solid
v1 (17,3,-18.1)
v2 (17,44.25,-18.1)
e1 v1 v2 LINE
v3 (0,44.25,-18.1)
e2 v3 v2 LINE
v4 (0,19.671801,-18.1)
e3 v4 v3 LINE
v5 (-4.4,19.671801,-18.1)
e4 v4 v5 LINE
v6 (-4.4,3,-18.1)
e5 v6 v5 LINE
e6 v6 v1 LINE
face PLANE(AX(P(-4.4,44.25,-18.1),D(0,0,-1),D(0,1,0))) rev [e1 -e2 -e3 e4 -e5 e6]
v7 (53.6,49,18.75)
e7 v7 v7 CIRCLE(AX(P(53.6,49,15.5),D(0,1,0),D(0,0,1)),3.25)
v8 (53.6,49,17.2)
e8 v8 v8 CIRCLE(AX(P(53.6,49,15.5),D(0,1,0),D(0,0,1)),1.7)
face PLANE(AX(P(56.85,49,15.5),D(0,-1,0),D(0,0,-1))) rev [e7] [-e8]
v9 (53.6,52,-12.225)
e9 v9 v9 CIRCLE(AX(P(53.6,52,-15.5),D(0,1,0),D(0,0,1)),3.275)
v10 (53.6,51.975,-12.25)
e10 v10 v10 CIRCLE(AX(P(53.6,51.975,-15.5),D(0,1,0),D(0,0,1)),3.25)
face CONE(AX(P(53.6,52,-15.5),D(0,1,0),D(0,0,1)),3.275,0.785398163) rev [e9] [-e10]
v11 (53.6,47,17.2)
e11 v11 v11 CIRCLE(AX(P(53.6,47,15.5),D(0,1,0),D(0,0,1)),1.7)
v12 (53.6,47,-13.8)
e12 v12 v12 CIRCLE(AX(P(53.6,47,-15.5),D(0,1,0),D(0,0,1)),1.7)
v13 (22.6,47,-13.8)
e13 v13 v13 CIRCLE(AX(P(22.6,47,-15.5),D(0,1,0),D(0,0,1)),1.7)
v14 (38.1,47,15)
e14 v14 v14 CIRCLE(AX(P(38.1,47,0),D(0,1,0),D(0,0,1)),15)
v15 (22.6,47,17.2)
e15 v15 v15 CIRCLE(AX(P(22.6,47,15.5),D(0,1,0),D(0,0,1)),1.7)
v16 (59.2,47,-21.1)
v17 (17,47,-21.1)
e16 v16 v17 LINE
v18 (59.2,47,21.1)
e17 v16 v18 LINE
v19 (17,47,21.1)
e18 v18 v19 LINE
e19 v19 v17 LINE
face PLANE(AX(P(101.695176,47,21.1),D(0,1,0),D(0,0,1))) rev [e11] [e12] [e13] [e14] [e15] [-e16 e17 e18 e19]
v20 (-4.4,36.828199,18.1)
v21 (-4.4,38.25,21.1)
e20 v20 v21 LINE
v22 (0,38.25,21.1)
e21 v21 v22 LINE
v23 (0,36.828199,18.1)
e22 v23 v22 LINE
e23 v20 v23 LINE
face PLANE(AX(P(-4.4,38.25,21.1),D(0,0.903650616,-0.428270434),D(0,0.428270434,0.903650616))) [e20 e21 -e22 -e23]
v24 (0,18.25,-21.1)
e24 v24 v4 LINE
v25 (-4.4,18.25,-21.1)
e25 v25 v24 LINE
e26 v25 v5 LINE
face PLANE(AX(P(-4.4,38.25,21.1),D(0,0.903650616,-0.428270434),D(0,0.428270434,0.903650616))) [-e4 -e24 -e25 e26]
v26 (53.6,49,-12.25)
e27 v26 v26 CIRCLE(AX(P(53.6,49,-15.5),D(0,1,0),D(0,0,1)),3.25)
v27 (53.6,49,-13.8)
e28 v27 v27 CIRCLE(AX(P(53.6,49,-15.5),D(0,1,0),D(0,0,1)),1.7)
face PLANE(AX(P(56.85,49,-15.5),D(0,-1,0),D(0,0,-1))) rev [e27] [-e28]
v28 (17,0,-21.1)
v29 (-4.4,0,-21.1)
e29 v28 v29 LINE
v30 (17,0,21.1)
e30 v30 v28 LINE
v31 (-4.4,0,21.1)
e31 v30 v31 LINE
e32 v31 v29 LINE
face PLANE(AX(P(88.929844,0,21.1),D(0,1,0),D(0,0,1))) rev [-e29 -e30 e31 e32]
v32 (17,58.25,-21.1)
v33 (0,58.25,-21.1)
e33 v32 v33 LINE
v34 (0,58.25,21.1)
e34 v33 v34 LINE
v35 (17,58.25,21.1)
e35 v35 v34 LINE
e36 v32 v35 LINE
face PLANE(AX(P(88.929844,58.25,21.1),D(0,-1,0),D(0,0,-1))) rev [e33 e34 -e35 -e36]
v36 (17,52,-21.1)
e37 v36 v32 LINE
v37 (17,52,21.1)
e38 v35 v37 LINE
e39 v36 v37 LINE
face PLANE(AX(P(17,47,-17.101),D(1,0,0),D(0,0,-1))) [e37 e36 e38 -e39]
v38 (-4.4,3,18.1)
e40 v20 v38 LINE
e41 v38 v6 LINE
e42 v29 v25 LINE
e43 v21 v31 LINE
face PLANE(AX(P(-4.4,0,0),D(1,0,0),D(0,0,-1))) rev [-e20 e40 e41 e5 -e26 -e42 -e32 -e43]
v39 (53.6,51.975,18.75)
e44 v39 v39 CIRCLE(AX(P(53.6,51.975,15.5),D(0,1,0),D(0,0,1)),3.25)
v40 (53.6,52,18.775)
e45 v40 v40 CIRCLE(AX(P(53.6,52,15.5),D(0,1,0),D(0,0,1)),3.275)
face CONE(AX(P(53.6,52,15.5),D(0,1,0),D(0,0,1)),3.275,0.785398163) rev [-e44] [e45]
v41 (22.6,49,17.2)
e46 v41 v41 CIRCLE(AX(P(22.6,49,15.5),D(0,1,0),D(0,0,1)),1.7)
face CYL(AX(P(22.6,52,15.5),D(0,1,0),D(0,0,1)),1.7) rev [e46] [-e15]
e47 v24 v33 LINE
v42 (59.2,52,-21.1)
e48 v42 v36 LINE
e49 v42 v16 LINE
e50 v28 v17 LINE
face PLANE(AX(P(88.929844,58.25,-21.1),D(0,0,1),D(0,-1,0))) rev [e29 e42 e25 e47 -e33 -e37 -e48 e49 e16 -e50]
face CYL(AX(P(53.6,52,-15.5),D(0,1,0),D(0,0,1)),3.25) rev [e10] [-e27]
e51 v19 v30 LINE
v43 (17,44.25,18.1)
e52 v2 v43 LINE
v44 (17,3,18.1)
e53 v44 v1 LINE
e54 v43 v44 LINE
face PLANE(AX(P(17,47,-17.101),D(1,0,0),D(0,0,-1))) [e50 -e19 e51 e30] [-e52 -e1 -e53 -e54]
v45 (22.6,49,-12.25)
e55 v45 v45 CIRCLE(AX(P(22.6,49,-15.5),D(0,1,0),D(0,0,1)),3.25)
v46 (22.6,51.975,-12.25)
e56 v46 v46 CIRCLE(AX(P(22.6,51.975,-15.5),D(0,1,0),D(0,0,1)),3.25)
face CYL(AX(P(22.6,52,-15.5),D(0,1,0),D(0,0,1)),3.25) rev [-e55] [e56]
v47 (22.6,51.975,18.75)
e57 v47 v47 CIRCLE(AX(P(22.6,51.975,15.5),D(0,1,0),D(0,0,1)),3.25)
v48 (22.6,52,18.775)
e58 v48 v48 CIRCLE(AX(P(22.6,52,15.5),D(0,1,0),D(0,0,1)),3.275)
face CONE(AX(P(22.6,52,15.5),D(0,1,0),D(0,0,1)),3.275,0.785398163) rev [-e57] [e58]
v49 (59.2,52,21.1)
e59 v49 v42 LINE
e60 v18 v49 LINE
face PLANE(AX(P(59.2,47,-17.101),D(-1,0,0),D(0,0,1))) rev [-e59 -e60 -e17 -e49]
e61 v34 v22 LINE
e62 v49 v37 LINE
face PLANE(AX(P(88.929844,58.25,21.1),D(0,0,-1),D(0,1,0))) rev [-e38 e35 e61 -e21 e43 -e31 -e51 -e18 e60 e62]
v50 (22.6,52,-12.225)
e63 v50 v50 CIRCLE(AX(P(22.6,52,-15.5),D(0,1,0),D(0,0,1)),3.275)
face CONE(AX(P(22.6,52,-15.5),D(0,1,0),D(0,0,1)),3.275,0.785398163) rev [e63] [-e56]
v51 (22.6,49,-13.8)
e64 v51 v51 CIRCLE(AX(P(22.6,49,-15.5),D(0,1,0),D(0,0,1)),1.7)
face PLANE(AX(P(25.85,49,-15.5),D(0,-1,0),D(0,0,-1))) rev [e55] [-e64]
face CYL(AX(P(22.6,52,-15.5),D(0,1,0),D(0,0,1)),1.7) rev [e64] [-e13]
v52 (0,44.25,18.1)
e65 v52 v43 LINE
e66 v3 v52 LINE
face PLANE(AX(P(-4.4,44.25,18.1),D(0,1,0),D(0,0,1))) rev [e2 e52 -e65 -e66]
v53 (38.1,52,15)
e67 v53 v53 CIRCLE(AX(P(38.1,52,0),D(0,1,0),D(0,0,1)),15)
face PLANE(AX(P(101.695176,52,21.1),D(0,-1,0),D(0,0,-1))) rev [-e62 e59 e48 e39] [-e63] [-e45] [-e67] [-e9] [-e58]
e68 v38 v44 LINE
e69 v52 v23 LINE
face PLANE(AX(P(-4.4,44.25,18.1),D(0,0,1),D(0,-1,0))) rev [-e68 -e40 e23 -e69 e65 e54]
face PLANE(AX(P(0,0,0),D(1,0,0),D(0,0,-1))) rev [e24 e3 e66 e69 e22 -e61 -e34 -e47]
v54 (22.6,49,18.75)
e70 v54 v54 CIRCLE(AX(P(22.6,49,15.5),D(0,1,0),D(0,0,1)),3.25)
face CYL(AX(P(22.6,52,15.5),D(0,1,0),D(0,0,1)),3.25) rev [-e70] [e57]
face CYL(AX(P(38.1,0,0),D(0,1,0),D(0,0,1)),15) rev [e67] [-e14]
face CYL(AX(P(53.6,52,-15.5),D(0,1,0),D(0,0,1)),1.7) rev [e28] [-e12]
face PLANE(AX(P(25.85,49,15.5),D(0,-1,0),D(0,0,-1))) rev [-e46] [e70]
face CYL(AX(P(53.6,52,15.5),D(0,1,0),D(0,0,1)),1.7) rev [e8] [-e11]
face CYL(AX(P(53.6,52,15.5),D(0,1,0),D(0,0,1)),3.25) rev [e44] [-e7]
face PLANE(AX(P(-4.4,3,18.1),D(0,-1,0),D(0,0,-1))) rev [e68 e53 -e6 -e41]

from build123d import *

# Parameters (mm, degrees)
SKETCH1_W                     = 42.2
SKETCH1_H                     = 58.25
BOSS_EXTRUDE1_DEPTH           = 17
SKETCH2_W                     = 42.2
SKETCH2_H                     = 5
BOSS_EXTRUDE2_DEPTH           = 42.2
CBORE_FOR_M3_SHCS1_AT_2_COUNT = 2
CBORE_FOR_M3_SHCS1_AT_2_PITCH = 31
CBORE_FOR_M3_SHCS1_AT_3_COUNT = 2
CBORE_FOR_M3_SHCS1_AT_3_PITCH = 43.840620434
CBORE_FOR_M3_SHCS1_AT_4_COUNT = 2
CBORE_FOR_M3_SHCS1_AT_4_PITCH = 31
SKETCH5_R                     = 15
CUT_EXTRUDE1_DEPTH            = 53
BOSS_EXTRUDE3_DEPTH           = 4.4
SKETCH7_W                     = 36.2
SKETCH7_H                     = 41.25
CUT_EXTRUDE2_DEPTH            = 22.4


with BuildPart() as part:
    # Sketch1 → Boss-Extrude1 (new body)
    with BuildSketch(Plane(origin=(0, 0, 0), x_dir=(0, 0, -1), z_dir=(1, 0, 0))):
        with Locations((0, 29.125)):
            Rectangle(SKETCH1_W, SKETCH1_H)
    extrude(amount=BOSS_EXTRUDE1_DEPTH)

    # Sketch2 → Boss-Extrude2 (add)
    with BuildSketch(Plane(origin=(17, 0, 0), x_dir=(0, 0, -1), z_dir=(1, 0, 0))):
        with Locations((0, 49.5)):
            Rectangle(SKETCH2_W, SKETCH2_H)
    extrude(amount=BOSS_EXTRUDE2_DEPTH)

    # Sketch4 → CBORE for M3 SHCS1 (revolve, cut)
    with BuildSketch(Plane(origin=(53.6, 52, 15.5), x_dir=(0, 0, 1), z_dir=(1, 0, 0))):
        Polygon((0, 0), (0, 52), (1.7, 52), (1.7, 3), (3.25, 3), (3.25, 0.025), (3.275, 0), align=None)
    cbore_for_m3_shcs1 = revolve(axis=Axis((53.6, 58.35, 15.5), (0, -1, 0)), mode=Mode.SUBTRACT)

    # CBORE for M3 SHCS1 at 2: CBORE for M3 SHCS1 ×2
    with Locations(*[(0, 0, -i * CBORE_FOR_M3_SHCS1_AT_2_PITCH) for i in range(1, CBORE_FOR_M3_SHCS1_AT_2_COUNT)]):
        add(cbore_for_m3_shcs1, mode=Mode.SUBTRACT)

    # CBORE for M3 SHCS1 at 3: CBORE for M3 SHCS1 ×2
    with Locations(*[Vector(-0.707106781, 0, -0.707106781) * (i * CBORE_FOR_M3_SHCS1_AT_3_PITCH) for i in range(1, CBORE_FOR_M3_SHCS1_AT_3_COUNT)]):
        add(cbore_for_m3_shcs1, mode=Mode.SUBTRACT)

    # CBORE for M3 SHCS1 at 4: CBORE for M3 SHCS1 ×2
    with Locations(*[(-i * CBORE_FOR_M3_SHCS1_AT_4_PITCH, 0, 0) for i in range(1, CBORE_FOR_M3_SHCS1_AT_4_COUNT)]):
        add(cbore_for_m3_shcs1, mode=Mode.SUBTRACT)

    # Sketch5 → Cut-Extrude1 (cut, through all)
    with BuildSketch(Plane(origin=(0, 52, 0), x_dir=(1, 0, 0), z_dir=(0, 1, 0))):
        with Locations((38.1, 0)):
            Circle(SKETCH5_R)
    extrude(amount=-CUT_EXTRUDE1_DEPTH, mode=Mode.SUBTRACT)

    # Sketch6 → Boss-Extrude3 (add)
    with BuildSketch(Plane(origin=(0, 0, 0), x_dir=(0, 0, -1), z_dir=(1, 0, 0))):
        Polygon((-21.1, 38.25), (21.1, 18.25), (21.1, 0), (-21.1, 0), align=None)
    extrude(amount=-BOSS_EXTRUDE3_DEPTH)

    # Sketch7 → Cut-Extrude2 (cut, through all)
    with BuildSketch(Plane(origin=(17, 0, 0), x_dir=(0, 0, -1), z_dir=(1, 0, 0))):
        with Locations((0, 23.625)):
            Rectangle(SKETCH7_W, SKETCH7_H)
    extrude(amount=-CUT_EXTRUDE2_DEPTH, mode=Mode.SUBTRACT)


solid = part.part
